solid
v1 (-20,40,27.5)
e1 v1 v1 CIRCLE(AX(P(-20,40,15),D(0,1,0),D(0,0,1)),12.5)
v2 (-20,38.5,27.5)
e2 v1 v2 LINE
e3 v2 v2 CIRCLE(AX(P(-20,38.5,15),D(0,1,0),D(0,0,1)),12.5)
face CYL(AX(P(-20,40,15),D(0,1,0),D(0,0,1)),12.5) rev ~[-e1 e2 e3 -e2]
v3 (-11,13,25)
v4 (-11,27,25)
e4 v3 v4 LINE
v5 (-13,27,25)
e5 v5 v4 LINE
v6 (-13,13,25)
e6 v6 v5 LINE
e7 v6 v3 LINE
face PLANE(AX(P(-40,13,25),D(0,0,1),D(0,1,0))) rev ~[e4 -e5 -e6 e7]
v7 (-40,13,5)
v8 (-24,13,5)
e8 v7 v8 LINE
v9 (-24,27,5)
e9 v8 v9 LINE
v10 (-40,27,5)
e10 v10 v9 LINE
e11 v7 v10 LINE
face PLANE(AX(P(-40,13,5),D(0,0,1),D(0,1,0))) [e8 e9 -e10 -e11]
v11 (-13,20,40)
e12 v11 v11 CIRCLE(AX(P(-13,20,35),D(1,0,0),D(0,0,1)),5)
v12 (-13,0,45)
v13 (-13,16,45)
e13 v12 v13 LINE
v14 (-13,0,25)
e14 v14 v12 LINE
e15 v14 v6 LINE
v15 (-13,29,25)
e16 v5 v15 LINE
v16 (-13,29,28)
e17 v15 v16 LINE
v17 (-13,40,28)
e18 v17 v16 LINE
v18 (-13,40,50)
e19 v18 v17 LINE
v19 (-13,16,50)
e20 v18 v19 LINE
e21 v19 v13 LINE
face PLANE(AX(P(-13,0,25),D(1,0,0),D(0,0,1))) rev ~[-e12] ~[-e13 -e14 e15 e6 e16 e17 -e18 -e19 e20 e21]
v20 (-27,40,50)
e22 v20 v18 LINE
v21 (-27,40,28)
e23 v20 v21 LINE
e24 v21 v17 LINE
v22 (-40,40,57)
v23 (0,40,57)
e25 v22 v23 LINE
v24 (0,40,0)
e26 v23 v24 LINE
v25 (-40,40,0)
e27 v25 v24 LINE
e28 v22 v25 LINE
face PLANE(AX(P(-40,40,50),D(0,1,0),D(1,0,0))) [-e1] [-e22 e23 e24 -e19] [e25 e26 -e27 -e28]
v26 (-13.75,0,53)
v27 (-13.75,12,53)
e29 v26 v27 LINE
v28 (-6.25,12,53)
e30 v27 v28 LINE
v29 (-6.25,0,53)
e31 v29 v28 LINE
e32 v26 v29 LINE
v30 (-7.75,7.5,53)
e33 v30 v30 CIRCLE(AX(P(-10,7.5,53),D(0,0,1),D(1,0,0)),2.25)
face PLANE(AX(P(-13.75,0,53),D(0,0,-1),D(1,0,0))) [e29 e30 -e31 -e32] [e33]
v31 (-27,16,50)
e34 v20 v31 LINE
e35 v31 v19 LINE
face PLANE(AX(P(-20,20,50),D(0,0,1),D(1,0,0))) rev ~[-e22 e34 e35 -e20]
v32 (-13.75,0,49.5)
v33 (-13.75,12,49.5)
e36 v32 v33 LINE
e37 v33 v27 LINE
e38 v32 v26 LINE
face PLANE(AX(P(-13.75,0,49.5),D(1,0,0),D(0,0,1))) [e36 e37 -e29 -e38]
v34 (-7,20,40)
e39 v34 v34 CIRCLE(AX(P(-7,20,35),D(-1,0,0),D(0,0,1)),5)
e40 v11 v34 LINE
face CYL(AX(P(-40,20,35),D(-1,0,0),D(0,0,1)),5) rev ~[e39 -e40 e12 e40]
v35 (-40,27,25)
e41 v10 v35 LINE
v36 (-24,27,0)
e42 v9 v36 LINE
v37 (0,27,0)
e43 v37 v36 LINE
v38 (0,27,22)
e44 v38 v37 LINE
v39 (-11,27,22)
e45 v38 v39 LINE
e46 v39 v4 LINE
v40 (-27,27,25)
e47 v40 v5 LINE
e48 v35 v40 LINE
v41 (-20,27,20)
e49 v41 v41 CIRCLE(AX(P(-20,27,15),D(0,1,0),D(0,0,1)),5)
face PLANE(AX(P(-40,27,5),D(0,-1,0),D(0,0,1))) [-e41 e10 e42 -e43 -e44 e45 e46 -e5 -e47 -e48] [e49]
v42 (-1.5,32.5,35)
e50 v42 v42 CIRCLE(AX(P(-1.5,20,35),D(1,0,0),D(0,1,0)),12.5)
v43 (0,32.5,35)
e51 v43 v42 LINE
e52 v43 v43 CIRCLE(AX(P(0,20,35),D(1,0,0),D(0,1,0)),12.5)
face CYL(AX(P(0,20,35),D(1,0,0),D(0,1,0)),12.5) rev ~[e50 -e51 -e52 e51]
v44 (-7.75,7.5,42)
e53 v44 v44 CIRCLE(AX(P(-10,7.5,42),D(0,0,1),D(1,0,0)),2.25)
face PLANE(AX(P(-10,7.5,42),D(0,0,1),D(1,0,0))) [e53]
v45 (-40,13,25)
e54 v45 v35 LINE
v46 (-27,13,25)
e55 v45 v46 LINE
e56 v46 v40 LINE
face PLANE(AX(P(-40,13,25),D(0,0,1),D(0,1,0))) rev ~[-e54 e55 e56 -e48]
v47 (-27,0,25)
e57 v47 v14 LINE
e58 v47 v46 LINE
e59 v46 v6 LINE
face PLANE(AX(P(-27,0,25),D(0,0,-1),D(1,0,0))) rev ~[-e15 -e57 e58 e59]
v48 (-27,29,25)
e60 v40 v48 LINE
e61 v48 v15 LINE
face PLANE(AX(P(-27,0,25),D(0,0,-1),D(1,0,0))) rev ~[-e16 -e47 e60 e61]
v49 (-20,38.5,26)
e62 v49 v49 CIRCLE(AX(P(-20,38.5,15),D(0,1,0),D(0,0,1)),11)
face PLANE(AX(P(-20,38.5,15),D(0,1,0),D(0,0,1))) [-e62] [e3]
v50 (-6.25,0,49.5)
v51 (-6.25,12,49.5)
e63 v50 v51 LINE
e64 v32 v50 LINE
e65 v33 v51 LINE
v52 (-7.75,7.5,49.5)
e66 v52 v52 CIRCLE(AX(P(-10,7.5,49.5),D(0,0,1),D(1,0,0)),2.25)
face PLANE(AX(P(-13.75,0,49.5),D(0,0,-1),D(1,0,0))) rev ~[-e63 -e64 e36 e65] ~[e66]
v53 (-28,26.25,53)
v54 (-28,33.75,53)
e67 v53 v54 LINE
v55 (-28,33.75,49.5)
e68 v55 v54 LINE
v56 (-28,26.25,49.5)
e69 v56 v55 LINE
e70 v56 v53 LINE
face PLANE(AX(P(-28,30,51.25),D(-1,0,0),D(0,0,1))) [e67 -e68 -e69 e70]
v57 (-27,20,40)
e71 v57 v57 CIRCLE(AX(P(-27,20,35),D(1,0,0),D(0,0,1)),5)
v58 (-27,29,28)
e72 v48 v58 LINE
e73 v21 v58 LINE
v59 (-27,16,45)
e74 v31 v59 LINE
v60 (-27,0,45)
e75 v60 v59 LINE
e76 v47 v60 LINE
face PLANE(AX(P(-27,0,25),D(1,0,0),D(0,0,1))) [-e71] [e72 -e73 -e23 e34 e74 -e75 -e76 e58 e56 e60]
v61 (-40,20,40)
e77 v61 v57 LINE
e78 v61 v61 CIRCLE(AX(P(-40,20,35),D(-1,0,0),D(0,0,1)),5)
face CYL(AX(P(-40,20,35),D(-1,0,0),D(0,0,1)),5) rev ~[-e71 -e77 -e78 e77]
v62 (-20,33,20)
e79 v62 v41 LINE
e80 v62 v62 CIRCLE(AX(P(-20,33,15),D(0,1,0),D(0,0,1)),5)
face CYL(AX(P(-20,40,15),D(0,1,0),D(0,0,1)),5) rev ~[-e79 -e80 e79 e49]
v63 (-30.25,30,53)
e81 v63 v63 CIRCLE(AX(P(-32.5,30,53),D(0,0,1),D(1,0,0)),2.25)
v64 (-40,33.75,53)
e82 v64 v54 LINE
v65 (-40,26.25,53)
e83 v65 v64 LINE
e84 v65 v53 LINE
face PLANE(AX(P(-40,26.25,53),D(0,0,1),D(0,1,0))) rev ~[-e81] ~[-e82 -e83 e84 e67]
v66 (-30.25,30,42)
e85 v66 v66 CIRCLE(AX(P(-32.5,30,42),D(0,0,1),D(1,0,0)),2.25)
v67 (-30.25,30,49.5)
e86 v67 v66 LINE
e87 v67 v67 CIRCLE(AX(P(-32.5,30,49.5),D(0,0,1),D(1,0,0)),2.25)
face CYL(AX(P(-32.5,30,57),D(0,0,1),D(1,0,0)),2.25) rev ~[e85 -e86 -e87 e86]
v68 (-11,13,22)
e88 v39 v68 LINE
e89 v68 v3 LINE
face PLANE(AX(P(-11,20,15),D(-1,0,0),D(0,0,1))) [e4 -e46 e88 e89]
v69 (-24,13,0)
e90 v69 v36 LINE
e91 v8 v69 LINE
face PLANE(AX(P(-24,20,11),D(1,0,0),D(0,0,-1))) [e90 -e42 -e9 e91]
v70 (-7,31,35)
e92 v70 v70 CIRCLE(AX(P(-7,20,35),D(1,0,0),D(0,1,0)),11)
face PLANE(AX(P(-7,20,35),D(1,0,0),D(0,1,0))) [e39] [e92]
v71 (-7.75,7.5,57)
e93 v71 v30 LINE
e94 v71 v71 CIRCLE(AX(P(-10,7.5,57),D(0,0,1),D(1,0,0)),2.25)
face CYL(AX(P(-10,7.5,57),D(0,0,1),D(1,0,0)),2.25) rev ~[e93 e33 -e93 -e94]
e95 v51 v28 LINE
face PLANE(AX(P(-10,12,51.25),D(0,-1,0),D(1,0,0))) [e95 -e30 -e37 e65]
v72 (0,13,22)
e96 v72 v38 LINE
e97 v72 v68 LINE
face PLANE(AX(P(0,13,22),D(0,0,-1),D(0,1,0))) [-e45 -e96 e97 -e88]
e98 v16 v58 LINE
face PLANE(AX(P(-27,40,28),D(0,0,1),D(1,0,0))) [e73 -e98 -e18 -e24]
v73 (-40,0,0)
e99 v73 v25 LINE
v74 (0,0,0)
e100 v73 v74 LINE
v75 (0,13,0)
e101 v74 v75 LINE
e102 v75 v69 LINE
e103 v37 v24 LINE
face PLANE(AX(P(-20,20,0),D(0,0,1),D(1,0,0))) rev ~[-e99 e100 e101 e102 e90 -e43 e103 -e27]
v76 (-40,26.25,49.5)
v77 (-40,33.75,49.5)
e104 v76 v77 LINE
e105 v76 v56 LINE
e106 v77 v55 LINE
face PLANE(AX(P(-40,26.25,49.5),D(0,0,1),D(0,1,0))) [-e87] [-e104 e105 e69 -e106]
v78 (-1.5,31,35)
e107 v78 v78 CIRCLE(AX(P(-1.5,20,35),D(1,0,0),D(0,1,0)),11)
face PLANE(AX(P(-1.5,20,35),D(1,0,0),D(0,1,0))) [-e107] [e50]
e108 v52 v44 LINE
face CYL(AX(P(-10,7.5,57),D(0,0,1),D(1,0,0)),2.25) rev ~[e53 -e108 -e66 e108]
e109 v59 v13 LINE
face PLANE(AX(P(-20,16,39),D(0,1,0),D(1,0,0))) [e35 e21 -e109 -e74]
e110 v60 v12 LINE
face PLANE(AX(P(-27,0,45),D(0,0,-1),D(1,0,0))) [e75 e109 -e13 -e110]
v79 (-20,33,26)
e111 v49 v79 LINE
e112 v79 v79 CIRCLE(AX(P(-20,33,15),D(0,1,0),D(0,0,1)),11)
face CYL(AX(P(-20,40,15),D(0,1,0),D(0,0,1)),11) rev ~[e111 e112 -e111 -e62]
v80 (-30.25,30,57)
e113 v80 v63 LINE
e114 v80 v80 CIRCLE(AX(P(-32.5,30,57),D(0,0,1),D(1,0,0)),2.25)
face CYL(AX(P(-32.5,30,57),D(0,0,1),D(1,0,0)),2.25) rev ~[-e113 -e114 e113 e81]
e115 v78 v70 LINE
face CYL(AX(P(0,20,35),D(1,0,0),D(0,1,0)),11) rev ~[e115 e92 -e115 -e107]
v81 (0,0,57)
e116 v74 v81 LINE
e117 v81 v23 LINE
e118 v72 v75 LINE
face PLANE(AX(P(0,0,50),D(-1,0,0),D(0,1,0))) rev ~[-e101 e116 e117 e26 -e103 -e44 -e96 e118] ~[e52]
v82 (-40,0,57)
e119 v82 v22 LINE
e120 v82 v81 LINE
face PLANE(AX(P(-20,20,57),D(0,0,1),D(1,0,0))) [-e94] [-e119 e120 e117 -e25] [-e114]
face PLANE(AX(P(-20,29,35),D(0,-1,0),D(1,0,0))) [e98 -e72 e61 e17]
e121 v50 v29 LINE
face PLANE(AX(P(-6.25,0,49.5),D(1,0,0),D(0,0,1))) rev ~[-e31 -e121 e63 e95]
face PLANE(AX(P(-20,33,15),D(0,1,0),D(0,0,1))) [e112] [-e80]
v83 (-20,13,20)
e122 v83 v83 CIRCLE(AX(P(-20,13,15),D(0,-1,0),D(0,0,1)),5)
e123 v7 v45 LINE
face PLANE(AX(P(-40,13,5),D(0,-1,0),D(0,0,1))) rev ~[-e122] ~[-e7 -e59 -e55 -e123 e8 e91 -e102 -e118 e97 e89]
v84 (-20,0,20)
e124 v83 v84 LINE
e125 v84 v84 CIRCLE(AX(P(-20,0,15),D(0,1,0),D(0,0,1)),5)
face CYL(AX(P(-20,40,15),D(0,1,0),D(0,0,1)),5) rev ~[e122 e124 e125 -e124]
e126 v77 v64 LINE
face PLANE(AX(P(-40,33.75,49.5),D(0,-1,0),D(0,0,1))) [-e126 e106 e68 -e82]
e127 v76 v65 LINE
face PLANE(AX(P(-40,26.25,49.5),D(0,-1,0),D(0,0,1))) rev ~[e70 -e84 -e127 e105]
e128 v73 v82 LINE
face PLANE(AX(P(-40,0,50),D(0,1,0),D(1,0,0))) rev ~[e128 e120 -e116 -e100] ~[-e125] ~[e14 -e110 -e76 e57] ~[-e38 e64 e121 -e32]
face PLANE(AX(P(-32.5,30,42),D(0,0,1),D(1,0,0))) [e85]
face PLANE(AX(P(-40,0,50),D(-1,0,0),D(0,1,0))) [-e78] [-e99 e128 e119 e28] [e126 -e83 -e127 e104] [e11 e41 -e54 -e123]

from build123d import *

# Parameters (mm, degrees)
ESQUISSE1_W              = 40
ESQUISSE1_H              = 40
BOSS_EXTRU_1_DEPTH       = 50
ESQUISSE2_R              = 5
ENL_V_MAT_EXTRU_1_DEPTH  = 41
ESQUISSE3_R              = 5
ENL_V_MAT_EXTRU_2_DEPTH  = 41
ESQUISSE4_W              = 20
ESQUISSE4_H              = 14
ENL_V_MAT_EXTRU_3_DEPTH  = 29
ESQUISSE5_W              = 14
ESQUISSE5_H              = 20
ENL_V_MAT_EXTRU_4_DEPTH  = 29
ESQUISSE6_W              = 22
ESQUISSE6_H              = 14
ENL_V_MAT_EXTRU_5_DEPTH  = 24
ESQUISSE7_W              = 14
ESQUISSE7_H              = 22
ENL_V_MAT_EXTRU_6_DEPTH  = 24
ESQUISSE8_R              = 11
ENL_V_MAT_EXTRU_7_DEPTH  = 7
ESQUISSE9_R              = 12.5
ENL_V_MAT_EXTRU_8_DEPTH  = 1.5
ESQUISSE10_R             = 11
ENL_V_MAT_EXTRU_9_DEPTH  = 7
ESQUISSE11_R             = 12.5
ENL_V_MAT_EXTRU_10_DEPTH = 1.5
ESQUISSE12_W             = 40
ESQUISSE12_H             = 40
BOSS_EXTRU_2_DEPTH       = 7
ESQUISSE13_R             = 2.25
ENL_V_MAT_EXTRU_11_DEPTH = 15
ESQUISSE14_W             = 7.5
ESQUISSE14_H             = 3.5
ENL_V_MAT_EXTRU_12_DEPTH = 12
ESQUISSE15_W             = 3.5
ESQUISSE15_H             = 7.5
ENL_V_MAT_EXTRU_13_DEPTH = 12


with BuildPart() as part:
    # Esquisse1 → Boss.-Extru.1 (new body)
    with BuildSketch(Plane.XY):
        with Locations((-20, 20)):
            Rectangle(ESQUISSE1_W, ESQUISSE1_H)
    extrude(amount=BOSS_EXTRU_1_DEPTH)

    # Esquisse2 → Enlèv. mat.-Extru.1 (cut, through all)
    with BuildSketch(Plane(origin=(0, 40, 0), x_dir=(1, 0, 0), z_dir=(0, 1, 0))):
        with Locations(Location((-20, -15, 0), (0, 0, 270))):  # turned: the seam where the file's is
            Circle(ESQUISSE2_R)
    extrude(amount=-ENL_V_MAT_EXTRU_1_DEPTH, mode=Mode.SUBTRACT)

    # Esquisse3 → Enlèv. mat.-Extru.2 (cut, through all)
    with BuildSketch(Plane.ZY.offset(40)):
        with Locations((35, 20)):
            Circle(ESQUISSE3_R)
    extrude(amount=-ENL_V_MAT_EXTRU_2_DEPTH, mode=Mode.SUBTRACT)

    # Esquisse4 → Enlèv. mat.-Extru.3 (cut)
    with BuildSketch(Plane.ZY.offset(40)):
        with Locations((15, 20)):
            Rectangle(ESQUISSE4_W, ESQUISSE4_H)
    extrude(amount=-ENL_V_MAT_EXTRU_3_DEPTH, mode=Mode.SUBTRACT)

    # Esquisse5 → Enlèv. mat.-Extru.4 (cut)
    with BuildSketch(Plane.XZ):
        with Locations((-20, 35)):
            Rectangle(ESQUISSE5_W, ESQUISSE5_H)
    extrude(amount=-ENL_V_MAT_EXTRU_4_DEPTH, mode=Mode.SUBTRACT)

    # Esquisse6 → Enlèv. mat.-Extru.5 (cut)
    with BuildSketch(Plane(origin=(0, 0, 0), x_dir=(0, 0, -1), z_dir=(1, 0, 0))):
        with Locations((-11, 20)):
            Rectangle(ESQUISSE6_W, ESQUISSE6_H)
    extrude(amount=-ENL_V_MAT_EXTRU_5_DEPTH, mode=Mode.SUBTRACT)

    # Esquisse7 → Enlèv. mat.-Extru.6 (cut)
    with BuildSketch(Plane(origin=(0, 40, 0), x_dir=(1, 0, 0), z_dir=(0, 1, 0))):
        with Locations((-20, -39)):
            Rectangle(ESQUISSE7_W, ESQUISSE7_H)
    extrude(amount=-ENL_V_MAT_EXTRU_6_DEPTH, mode=Mode.SUBTRACT)

    # Esquisse8 → Enlèv. mat.-Extru.7 (cut)
    with BuildSketch(Plane(origin=(0, 0, 0), x_dir=(0, 0, -1), z_dir=(1, 0, 0))):
        with Locations(Location((-35, 20, 0), (0, 0, 90))):  # turned: the seam where the file's is
            Circle(ESQUISSE8_R)
    extrude(amount=-ENL_V_MAT_EXTRU_7_DEPTH, mode=Mode.SUBTRACT)

    # Esquisse9 → Enlèv. mat.-Extru.8 (cut)
    with BuildSketch(Plane(origin=(0, 0, 0), x_dir=(0, 0, -1), z_dir=(1, 0, 0))):
        with Locations(Location((-35, 20, 0), (0, 0, 90))):  # turned: the seam where the file's is
            Circle(ESQUISSE9_R)
    extrude(amount=-ENL_V_MAT_EXTRU_8_DEPTH, mode=Mode.SUBTRACT)

    # Esquisse10 → Enlèv. mat.-Extru.9 (cut)
    with BuildSketch(Plane(origin=(0, 40, 0), x_dir=(1, 0, 0), z_dir=(0, 1, 0))):
        with Locations(Location((-20, -15, 0), (0, 0, 270))):  # turned: the seam where the file's is
            Circle(ESQUISSE10_R)
    extrude(amount=-ENL_V_MAT_EXTRU_9_DEPTH, mode=Mode.SUBTRACT)

    # Esquisse11 → Enlèv. mat.-Extru.10 (cut)
    with BuildSketch(Plane(origin=(0, 40, 0), x_dir=(1, 0, 0), z_dir=(0, 1, 0))):
        with Locations(Location((-20, -15, 0), (0, 0, 270))):  # turned: the seam where the file's is
            Circle(ESQUISSE11_R)
    extrude(amount=-ENL_V_MAT_EXTRU_10_DEPTH, mode=Mode.SUBTRACT)

    # Esquisse12 → Boss.-Extru.2 (add)
    with BuildSketch(Plane.XY.offset(50)):
        with Locations((-20, 20)):
            Rectangle(ESQUISSE12_W, ESQUISSE12_H)
    extrude(amount=BOSS_EXTRU_2_DEPTH)

    # Esquisse13 → Enlèv. mat.-Extru.11 (cut)
    with BuildSketch(Plane.XY.offset(57)):
        with Locations((-32.5, 30)):
            Circle(ESQUISSE13_R)
        with Locations((-10, 7.5)):
            Circle(ESQUISSE13_R)
    extrude(amount=-ENL_V_MAT_EXTRU_11_DEPTH, mode=Mode.SUBTRACT)

    # Esquisse14 → Enlèv. mat.-Extru.12 (cut)
    with BuildSketch(Plane.XZ):
        with Locations((-10, 51.25)):
            Rectangle(ESQUISSE14_W, ESQUISSE14_H)
    extrude(amount=-ENL_V_MAT_EXTRU_12_DEPTH, mode=Mode.SUBTRACT)

    # Esquisse15 → Enlèv. mat.-Extru.13 (cut)
    with BuildSketch(Plane.ZY.offset(40)):
        with Locations((51.25, 30)):
            Rectangle(ESQUISSE15_W, ESQUISSE15_H)
    extrude(amount=-ENL_V_MAT_EXTRU_13_DEPTH, mode=Mode.SUBTRACT)


solid = part.part
